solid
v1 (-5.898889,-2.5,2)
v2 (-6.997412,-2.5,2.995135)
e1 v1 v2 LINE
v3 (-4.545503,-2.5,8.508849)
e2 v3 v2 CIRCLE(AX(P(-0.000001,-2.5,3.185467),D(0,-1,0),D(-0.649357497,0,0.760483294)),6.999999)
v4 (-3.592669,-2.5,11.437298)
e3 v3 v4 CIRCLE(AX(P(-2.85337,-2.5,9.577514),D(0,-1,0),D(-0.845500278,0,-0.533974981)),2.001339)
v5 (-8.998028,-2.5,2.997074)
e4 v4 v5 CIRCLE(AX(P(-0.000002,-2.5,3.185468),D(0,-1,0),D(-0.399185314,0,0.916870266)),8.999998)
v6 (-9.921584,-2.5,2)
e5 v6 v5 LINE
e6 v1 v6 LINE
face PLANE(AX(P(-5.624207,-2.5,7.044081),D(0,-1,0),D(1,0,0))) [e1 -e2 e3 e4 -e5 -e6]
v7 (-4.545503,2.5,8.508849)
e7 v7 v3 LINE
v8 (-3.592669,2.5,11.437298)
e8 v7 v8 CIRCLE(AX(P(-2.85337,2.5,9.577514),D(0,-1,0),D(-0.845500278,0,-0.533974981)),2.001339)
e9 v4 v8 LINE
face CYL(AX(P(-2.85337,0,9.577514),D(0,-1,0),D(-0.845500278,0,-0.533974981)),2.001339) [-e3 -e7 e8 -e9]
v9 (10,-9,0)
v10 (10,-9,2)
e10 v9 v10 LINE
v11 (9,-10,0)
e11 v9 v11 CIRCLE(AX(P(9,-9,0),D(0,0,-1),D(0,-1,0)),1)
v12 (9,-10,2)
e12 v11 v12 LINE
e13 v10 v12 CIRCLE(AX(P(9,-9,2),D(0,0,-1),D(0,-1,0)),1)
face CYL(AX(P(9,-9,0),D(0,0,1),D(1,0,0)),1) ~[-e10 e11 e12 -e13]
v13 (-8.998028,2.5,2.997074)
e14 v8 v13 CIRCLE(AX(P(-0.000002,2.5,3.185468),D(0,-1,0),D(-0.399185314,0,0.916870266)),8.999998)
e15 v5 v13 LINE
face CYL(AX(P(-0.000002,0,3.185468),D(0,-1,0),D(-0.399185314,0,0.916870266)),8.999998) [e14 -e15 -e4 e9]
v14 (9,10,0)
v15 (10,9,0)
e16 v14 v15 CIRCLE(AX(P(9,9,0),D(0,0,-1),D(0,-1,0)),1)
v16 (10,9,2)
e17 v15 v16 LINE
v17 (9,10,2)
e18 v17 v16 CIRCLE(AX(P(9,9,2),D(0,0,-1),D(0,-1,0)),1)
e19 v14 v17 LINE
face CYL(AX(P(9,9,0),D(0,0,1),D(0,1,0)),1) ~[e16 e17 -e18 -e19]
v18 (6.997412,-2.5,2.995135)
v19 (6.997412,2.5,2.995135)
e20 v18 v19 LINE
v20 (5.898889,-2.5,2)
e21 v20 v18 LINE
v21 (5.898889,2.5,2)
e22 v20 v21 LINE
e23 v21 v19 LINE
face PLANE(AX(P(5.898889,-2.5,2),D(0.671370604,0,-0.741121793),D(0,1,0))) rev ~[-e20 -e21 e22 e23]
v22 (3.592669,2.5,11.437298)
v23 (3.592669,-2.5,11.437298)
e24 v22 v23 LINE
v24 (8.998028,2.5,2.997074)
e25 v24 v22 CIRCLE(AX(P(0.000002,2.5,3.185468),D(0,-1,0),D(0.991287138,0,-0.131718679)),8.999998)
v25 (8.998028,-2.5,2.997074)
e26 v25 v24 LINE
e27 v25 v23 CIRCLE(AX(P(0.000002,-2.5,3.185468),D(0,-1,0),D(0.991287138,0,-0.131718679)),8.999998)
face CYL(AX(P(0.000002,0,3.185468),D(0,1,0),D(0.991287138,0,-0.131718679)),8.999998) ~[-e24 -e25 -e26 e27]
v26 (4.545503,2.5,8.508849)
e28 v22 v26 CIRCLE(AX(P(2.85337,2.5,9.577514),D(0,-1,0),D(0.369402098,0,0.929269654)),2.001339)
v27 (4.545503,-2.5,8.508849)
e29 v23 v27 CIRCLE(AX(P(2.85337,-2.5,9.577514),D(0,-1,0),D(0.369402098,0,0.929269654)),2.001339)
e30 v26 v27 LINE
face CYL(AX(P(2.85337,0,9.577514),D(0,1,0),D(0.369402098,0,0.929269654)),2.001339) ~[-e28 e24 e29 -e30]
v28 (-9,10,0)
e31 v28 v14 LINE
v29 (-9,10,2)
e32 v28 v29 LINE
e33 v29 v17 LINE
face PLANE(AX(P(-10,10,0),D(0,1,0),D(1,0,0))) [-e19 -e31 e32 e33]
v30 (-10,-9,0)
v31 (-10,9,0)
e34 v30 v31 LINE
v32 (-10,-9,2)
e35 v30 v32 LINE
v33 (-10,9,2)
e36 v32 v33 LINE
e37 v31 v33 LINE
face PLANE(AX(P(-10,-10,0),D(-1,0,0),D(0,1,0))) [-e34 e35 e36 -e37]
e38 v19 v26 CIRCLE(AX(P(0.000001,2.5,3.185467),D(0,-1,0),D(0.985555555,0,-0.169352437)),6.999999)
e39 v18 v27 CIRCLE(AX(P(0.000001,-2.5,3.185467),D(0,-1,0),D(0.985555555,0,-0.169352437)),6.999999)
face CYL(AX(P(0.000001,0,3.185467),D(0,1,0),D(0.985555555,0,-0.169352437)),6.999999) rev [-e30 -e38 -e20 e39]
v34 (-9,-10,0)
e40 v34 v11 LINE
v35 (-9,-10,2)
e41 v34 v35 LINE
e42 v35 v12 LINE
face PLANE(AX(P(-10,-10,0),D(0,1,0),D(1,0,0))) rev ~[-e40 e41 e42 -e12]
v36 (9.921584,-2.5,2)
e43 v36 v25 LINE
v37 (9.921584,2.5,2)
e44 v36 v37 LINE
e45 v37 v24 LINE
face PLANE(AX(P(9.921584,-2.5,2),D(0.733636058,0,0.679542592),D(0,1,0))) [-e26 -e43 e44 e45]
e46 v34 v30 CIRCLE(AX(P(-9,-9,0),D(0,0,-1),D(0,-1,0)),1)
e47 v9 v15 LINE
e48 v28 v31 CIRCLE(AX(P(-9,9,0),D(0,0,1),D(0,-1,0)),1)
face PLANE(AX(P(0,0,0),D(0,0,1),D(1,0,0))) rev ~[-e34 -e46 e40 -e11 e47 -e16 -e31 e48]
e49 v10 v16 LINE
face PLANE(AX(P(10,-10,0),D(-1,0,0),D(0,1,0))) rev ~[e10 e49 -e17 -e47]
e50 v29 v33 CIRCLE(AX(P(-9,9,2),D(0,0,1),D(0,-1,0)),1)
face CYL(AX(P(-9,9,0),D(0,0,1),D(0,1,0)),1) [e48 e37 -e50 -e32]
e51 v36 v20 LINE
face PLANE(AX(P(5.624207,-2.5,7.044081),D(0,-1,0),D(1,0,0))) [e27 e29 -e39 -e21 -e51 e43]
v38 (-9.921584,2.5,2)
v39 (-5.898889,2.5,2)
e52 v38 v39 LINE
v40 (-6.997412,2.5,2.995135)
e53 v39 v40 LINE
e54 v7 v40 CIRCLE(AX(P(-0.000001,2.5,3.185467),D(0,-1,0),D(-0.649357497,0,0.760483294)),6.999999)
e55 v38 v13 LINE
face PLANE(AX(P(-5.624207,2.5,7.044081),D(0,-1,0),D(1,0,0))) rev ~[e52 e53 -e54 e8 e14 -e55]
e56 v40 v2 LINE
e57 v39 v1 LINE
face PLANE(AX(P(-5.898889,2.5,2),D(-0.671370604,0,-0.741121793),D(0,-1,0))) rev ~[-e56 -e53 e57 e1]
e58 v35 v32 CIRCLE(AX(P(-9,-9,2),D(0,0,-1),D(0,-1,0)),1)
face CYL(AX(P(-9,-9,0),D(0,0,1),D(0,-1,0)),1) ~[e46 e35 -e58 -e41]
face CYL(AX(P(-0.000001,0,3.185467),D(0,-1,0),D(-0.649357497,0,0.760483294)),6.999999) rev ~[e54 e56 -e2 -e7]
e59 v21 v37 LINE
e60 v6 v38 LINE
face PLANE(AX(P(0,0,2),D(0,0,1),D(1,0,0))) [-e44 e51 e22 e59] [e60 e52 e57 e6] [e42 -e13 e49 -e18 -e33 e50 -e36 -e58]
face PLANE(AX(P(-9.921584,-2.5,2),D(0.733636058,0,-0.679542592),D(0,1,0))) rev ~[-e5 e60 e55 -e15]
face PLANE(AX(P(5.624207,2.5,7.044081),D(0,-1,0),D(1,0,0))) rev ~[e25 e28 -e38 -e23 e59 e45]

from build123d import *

# Parameters (mm, degrees)
SKETCH_W     = 20
SKETCH_H     = 20
PAD_DEPTH    = 2
PAD001_DEPTH = 2.5
CHAMFER_SIZE = 1
FILLET_R     = 1


with BuildPart() as part:
    # Sketch → Pad (new body)
    with BuildSketch(Plane.XY):
        Rectangle(SKETCH_W, SKETCH_H)
    extrude(amount=PAD_DEPTH)

    # Sketch001 → Pad001 (join, symmetric)
    with BuildSketch(Plane.XZ):
        with BuildLine():
            ThreePointArc((8.921584, 2), (7.836918, 7.610703), (3.592669, 11.437298))
            ThreePointArc((3.592669, 11.437298), (0.950236, 8.958289), (4.545503, 8.508849))
            ThreePointArc((6.898889, 2), (6.582918, 5.565633), (4.545503, 8.508849))
            Line((6.898889, 2), (8.921584, 2))
        make_face()
        with BuildLine():
            Line((-8.921584, 2), (-6.898889, 2))
            ThreePointArc((-4.545503, 8.508849), (-6.582918, 5.565633), (-6.898889, 2))
            ThreePointArc((-4.545503, 8.508849), (-0.950236, 8.958289), (-3.592669, 11.437298))
            ThreePointArc((-3.592669, 11.437298), (-7.836918, 7.610703), (-8.921584, 2))
        make_face()
    extrude(amount=PAD001_DEPTH, both=True)

    # Chamfer
    chamfer_edges = [part.edges().sort_by_distance(p)[0] for p in [
        (-6.898889, 0, 2),
        (8.921584, 0, 2),
        (-8.921584, 0, 2),
        (6.898889, 0, 2),
    ]]
    chamfer(chamfer_edges, length=CHAMFER_SIZE)

    # Fillet
    fillet_edges = [part.edges().sort_by_distance(p)[0] for p in [
        (10, -10, 1),
        (10, 10, 1),
        (-10, -10, 1),
        (-10, 10, 1),
    ]]
    fillet(fillet_edges, radius=FILLET_R)


solid = part.part
